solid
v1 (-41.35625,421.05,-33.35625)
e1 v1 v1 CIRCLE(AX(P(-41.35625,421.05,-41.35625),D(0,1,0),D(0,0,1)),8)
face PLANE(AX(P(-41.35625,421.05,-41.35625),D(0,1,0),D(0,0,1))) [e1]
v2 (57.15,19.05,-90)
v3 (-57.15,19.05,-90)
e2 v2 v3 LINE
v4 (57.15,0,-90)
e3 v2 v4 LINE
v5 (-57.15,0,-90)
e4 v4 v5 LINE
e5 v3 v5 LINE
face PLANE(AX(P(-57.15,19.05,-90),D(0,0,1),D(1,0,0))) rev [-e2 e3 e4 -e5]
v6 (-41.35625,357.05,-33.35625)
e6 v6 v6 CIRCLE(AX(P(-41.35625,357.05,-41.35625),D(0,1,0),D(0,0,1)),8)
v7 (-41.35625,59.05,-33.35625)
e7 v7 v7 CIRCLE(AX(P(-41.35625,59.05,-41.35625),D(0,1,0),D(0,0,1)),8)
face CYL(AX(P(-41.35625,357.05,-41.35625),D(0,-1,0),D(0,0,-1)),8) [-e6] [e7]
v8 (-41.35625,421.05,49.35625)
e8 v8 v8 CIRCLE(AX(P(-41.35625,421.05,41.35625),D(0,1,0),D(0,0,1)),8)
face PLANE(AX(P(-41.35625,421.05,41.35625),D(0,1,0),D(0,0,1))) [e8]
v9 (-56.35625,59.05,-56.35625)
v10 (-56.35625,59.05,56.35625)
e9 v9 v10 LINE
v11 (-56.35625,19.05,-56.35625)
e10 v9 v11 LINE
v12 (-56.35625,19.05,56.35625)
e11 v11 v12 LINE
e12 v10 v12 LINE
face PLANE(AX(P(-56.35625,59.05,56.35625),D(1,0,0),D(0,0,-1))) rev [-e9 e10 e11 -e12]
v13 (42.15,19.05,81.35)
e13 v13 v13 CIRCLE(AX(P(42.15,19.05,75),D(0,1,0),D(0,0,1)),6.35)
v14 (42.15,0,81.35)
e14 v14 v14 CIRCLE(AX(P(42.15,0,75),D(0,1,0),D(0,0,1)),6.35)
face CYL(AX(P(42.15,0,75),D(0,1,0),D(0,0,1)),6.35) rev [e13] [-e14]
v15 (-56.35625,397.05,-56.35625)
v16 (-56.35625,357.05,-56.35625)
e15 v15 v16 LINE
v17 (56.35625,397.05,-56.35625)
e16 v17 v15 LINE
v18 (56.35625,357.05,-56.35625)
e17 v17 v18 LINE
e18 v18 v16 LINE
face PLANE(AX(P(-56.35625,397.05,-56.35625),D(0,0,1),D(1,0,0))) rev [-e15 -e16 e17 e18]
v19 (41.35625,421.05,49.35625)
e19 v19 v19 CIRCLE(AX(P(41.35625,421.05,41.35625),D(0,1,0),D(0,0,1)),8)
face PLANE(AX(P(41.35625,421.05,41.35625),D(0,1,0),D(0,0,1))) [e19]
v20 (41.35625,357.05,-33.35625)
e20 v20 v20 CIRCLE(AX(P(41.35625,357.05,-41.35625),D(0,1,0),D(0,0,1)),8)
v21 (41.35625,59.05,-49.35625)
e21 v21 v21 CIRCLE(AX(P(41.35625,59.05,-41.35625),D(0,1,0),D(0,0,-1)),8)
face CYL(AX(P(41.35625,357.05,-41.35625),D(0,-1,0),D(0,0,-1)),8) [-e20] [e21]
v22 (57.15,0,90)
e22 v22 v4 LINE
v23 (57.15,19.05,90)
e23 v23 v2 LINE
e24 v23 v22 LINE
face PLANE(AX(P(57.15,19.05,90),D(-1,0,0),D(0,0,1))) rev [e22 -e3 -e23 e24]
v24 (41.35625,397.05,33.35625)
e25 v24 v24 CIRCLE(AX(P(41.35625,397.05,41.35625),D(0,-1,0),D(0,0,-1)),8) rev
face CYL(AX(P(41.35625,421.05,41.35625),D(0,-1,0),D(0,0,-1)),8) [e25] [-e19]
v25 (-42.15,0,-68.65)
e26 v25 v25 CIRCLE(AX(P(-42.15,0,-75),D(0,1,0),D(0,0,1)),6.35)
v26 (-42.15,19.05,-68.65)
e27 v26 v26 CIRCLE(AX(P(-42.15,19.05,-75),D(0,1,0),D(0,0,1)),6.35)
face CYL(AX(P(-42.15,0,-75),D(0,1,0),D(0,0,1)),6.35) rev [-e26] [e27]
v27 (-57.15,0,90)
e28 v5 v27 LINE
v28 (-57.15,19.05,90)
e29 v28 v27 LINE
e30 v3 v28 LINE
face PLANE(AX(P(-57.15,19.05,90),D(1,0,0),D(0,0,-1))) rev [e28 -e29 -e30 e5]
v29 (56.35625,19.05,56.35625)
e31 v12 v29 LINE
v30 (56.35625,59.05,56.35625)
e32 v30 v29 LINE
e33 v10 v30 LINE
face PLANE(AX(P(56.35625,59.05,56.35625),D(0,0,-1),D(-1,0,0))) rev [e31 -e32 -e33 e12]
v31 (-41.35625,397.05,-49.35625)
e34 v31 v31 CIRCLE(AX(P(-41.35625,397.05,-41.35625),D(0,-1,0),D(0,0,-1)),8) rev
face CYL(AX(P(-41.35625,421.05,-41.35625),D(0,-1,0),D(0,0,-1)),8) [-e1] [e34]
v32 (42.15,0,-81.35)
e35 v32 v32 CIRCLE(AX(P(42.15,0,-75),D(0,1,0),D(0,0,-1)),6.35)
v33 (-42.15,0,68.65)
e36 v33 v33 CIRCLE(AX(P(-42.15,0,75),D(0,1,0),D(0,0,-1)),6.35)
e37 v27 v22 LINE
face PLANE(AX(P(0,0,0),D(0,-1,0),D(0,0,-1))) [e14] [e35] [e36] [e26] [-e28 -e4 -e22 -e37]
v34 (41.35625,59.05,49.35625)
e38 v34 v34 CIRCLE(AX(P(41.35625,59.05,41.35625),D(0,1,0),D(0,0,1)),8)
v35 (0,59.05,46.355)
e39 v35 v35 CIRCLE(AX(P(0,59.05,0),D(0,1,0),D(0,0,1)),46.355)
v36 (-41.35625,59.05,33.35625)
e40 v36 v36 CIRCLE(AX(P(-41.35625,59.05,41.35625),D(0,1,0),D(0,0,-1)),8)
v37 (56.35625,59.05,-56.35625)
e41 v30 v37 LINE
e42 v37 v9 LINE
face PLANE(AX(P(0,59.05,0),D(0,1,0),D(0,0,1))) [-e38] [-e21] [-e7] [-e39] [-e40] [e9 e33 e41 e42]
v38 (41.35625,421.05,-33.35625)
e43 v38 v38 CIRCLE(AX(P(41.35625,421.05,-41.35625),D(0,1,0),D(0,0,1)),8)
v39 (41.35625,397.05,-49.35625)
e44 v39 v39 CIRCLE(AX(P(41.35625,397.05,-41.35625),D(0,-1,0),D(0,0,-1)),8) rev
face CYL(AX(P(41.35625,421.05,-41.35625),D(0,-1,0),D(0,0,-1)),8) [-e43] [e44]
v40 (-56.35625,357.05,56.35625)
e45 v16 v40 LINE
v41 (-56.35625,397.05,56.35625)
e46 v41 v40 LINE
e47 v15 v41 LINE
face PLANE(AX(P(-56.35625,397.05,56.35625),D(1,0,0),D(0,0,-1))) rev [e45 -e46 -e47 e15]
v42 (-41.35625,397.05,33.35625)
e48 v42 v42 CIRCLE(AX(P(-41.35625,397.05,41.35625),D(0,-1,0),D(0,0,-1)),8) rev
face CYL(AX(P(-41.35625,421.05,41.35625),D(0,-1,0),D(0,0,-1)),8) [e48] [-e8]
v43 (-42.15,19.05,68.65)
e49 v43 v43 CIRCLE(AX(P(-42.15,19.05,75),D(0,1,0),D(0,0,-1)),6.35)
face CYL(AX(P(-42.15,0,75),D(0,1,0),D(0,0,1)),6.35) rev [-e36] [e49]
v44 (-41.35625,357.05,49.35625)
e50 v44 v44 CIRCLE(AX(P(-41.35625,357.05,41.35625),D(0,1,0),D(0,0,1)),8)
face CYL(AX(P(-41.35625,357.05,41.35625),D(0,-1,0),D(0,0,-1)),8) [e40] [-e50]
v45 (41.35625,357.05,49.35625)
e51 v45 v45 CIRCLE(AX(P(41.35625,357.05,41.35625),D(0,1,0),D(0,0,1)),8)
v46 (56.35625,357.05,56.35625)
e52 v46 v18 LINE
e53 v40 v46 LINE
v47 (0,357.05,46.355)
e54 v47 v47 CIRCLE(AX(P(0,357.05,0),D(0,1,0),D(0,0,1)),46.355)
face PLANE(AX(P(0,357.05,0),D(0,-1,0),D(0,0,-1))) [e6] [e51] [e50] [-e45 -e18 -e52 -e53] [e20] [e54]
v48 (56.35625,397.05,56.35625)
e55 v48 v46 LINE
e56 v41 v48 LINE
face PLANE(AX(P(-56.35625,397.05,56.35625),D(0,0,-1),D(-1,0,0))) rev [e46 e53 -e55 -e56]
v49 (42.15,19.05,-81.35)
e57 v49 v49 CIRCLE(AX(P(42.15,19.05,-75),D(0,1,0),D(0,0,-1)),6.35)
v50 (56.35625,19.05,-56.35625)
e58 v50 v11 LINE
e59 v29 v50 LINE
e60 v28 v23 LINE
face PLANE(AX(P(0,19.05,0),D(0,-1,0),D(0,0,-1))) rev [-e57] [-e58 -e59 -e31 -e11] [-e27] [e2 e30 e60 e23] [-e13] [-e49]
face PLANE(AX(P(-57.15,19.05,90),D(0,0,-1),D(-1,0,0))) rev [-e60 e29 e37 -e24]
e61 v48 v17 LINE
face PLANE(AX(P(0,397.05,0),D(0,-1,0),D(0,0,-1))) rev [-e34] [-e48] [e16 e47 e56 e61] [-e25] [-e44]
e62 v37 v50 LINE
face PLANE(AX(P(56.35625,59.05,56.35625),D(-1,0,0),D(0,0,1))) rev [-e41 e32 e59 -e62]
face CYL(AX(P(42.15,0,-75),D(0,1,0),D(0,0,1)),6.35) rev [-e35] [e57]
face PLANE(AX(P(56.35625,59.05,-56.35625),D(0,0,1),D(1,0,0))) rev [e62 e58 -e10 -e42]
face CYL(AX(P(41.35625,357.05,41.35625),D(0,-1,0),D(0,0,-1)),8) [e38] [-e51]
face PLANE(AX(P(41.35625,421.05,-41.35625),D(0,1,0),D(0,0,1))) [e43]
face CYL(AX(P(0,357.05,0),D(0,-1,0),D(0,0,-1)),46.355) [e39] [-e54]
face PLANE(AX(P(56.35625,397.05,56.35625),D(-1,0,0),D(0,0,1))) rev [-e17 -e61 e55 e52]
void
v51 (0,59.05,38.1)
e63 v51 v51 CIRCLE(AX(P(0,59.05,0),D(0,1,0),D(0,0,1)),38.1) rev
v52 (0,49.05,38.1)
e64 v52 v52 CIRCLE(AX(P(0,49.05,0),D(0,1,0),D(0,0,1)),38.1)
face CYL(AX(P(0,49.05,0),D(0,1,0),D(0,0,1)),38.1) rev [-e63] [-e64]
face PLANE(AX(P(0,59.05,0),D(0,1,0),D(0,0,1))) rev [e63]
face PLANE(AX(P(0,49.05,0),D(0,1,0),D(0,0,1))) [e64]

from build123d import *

# Parameters (mm, degrees)
CROQUIS1_W              = 114.3
CROQUIS1_H              = 180
SALIENTE_EXTRUIR1_DEPTH = 19.05
CROQUIS2_R              = 6.35
CORTAR_EXTRUIR1_DEPTH   = 19.05
CROQUIS3_W              = 112.7125
CROQUIS3_H              = 112.7125
SALIENTE_EXTRUIR2_DEPTH = 40
CROQUIS4_R              = 8
CORTAR_EXTRUIR2_DEPTH   = 40
CROQUIS5_R              = 8
SALIENTE_EXTRUIR3_DEPTH = 338
CROQUIS6_R              = 38.1
CORTAR_EXTRUIR3_DEPTH   = 10
CROQUIS7_R              = 46.355
SALIENTE_EXTRUIR4_DEPTH = 298
CROQUIS8_W              = 112.7125
CROQUIS8_H              = 112.7125
SALIENTE_EXTRUIR5_DEPTH = 40
CROQUIS9_R              = 8
SALIENTE_EXTRUIR6_DEPTH = 24


with BuildPart() as part:
    # Croquis1 → Saliente-Extruir1 (new body)
    with BuildSketch(Plane(origin=(0, 0, 0), x_dir=(1, 0, 0), z_dir=(0, 1, 0))):
        Rectangle(CROQUIS1_W, CROQUIS1_H)
    extrude(amount=SALIENTE_EXTRUIR1_DEPTH)

    # Croquis2 → Cortar-Extruir1 (cut)
    with BuildSketch(Plane(origin=(0, 19.05, 0), x_dir=(1, 0, 0), z_dir=(0, 1, 0))):
        with Locations((-42.15, 75)):
            Circle(CROQUIS2_R)
        with Locations((42.15, 75)):
            Circle(CROQUIS2_R)
        with Locations((42.15, -75)):
            Circle(CROQUIS2_R)
        with Locations((-42.15, -75)):
            Circle(CROQUIS2_R)
    extrude(amount=-CORTAR_EXTRUIR1_DEPTH, mode=Mode.SUBTRACT)

    # Croquis3 → Saliente-Extruir2 (add)
    with BuildSketch(Plane(origin=(0, 19.05, 0), x_dir=(1, 0, 0), z_dir=(0, 1, 0))):
        Rectangle(CROQUIS3_W, CROQUIS3_H)
    extrude(amount=SALIENTE_EXTRUIR2_DEPTH)

    # Croquis4 → Cortar-Extruir2 (cut)
    with BuildSketch(Plane(origin=(0, 59.05, 0), x_dir=(1, 0, 0), z_dir=(0, 1, 0))):
        with Locations((-41.35625, 41.35625)):
            Circle(CROQUIS4_R)
        with Locations((41.35625, 41.35625)):
            Circle(CROQUIS4_R)
        with Locations((41.35625, -41.35625)):
            Circle(CROQUIS4_R)
        with Locations((-41.35625, -41.35625)):
            Circle(CROQUIS4_R)
    extrude(amount=-CORTAR_EXTRUIR2_DEPTH, mode=Mode.SUBTRACT)

    # Croquis5 → Saliente-Extruir3 (add)
    with BuildSketch(Plane(origin=(0, 19.05, 0), x_dir=(1, 0, 0), z_dir=(0, 1, 0))):
        with Locations((-41.35625, 41.35625)):
            Circle(CROQUIS5_R)
        with Locations((41.35625, 41.35625)):
            Circle(CROQUIS5_R)
        with Locations((41.35625, -41.35625)):
            Circle(CROQUIS5_R)
        with Locations((-41.35625, -41.35625)):
            Circle(CROQUIS5_R)
    extrude(amount=SALIENTE_EXTRUIR3_DEPTH)

    # Croquis6 → Cortar-Extruir3 (cut)
    with BuildSketch(Plane(origin=(0, 59.05, 0), x_dir=(1, 0, 0), z_dir=(0, 1, 0))):
        Circle(CROQUIS6_R)
    extrude(amount=-CORTAR_EXTRUIR3_DEPTH, mode=Mode.SUBTRACT)

    # Croquis7 → Saliente-Extruir4 (add)
    with BuildSketch(Plane(origin=(0, 59.05, 0), x_dir=(1, 0, 0), z_dir=(0, 1, 0))):
        Circle(CROQUIS7_R)
    extrude(amount=SALIENTE_EXTRUIR4_DEPTH)

    # Croquis8 → Saliente-Extruir5 (add)
    with BuildSketch(Plane(origin=(0, 357.05, 0), x_dir=(1, 0, 0), z_dir=(0, 1, 0))):
        Rectangle(CROQUIS8_W, CROQUIS8_H)
    extrude(amount=SALIENTE_EXTRUIR5_DEPTH)

    # Croquis9 → Saliente-Extruir6 (add)
    with BuildSketch(Plane(origin=(0, 397.05, 0), x_dir=(1, 0, 0), z_dir=(0, 1, 0))):
        with Locations((-41.35625, 41.35625)):
            Circle(CROQUIS9_R)
        with Locations((41.35625, 41.35625)):
            Circle(CROQUIS9_R)
        with Locations((-41.35625, -41.35625)):
            Circle(CROQUIS9_R)
        with Locations((41.35625, -41.35625)):
            Circle(CROQUIS9_R)
    extrude(amount=SALIENTE_EXTRUIR6_DEPTH)


solid = part.part
